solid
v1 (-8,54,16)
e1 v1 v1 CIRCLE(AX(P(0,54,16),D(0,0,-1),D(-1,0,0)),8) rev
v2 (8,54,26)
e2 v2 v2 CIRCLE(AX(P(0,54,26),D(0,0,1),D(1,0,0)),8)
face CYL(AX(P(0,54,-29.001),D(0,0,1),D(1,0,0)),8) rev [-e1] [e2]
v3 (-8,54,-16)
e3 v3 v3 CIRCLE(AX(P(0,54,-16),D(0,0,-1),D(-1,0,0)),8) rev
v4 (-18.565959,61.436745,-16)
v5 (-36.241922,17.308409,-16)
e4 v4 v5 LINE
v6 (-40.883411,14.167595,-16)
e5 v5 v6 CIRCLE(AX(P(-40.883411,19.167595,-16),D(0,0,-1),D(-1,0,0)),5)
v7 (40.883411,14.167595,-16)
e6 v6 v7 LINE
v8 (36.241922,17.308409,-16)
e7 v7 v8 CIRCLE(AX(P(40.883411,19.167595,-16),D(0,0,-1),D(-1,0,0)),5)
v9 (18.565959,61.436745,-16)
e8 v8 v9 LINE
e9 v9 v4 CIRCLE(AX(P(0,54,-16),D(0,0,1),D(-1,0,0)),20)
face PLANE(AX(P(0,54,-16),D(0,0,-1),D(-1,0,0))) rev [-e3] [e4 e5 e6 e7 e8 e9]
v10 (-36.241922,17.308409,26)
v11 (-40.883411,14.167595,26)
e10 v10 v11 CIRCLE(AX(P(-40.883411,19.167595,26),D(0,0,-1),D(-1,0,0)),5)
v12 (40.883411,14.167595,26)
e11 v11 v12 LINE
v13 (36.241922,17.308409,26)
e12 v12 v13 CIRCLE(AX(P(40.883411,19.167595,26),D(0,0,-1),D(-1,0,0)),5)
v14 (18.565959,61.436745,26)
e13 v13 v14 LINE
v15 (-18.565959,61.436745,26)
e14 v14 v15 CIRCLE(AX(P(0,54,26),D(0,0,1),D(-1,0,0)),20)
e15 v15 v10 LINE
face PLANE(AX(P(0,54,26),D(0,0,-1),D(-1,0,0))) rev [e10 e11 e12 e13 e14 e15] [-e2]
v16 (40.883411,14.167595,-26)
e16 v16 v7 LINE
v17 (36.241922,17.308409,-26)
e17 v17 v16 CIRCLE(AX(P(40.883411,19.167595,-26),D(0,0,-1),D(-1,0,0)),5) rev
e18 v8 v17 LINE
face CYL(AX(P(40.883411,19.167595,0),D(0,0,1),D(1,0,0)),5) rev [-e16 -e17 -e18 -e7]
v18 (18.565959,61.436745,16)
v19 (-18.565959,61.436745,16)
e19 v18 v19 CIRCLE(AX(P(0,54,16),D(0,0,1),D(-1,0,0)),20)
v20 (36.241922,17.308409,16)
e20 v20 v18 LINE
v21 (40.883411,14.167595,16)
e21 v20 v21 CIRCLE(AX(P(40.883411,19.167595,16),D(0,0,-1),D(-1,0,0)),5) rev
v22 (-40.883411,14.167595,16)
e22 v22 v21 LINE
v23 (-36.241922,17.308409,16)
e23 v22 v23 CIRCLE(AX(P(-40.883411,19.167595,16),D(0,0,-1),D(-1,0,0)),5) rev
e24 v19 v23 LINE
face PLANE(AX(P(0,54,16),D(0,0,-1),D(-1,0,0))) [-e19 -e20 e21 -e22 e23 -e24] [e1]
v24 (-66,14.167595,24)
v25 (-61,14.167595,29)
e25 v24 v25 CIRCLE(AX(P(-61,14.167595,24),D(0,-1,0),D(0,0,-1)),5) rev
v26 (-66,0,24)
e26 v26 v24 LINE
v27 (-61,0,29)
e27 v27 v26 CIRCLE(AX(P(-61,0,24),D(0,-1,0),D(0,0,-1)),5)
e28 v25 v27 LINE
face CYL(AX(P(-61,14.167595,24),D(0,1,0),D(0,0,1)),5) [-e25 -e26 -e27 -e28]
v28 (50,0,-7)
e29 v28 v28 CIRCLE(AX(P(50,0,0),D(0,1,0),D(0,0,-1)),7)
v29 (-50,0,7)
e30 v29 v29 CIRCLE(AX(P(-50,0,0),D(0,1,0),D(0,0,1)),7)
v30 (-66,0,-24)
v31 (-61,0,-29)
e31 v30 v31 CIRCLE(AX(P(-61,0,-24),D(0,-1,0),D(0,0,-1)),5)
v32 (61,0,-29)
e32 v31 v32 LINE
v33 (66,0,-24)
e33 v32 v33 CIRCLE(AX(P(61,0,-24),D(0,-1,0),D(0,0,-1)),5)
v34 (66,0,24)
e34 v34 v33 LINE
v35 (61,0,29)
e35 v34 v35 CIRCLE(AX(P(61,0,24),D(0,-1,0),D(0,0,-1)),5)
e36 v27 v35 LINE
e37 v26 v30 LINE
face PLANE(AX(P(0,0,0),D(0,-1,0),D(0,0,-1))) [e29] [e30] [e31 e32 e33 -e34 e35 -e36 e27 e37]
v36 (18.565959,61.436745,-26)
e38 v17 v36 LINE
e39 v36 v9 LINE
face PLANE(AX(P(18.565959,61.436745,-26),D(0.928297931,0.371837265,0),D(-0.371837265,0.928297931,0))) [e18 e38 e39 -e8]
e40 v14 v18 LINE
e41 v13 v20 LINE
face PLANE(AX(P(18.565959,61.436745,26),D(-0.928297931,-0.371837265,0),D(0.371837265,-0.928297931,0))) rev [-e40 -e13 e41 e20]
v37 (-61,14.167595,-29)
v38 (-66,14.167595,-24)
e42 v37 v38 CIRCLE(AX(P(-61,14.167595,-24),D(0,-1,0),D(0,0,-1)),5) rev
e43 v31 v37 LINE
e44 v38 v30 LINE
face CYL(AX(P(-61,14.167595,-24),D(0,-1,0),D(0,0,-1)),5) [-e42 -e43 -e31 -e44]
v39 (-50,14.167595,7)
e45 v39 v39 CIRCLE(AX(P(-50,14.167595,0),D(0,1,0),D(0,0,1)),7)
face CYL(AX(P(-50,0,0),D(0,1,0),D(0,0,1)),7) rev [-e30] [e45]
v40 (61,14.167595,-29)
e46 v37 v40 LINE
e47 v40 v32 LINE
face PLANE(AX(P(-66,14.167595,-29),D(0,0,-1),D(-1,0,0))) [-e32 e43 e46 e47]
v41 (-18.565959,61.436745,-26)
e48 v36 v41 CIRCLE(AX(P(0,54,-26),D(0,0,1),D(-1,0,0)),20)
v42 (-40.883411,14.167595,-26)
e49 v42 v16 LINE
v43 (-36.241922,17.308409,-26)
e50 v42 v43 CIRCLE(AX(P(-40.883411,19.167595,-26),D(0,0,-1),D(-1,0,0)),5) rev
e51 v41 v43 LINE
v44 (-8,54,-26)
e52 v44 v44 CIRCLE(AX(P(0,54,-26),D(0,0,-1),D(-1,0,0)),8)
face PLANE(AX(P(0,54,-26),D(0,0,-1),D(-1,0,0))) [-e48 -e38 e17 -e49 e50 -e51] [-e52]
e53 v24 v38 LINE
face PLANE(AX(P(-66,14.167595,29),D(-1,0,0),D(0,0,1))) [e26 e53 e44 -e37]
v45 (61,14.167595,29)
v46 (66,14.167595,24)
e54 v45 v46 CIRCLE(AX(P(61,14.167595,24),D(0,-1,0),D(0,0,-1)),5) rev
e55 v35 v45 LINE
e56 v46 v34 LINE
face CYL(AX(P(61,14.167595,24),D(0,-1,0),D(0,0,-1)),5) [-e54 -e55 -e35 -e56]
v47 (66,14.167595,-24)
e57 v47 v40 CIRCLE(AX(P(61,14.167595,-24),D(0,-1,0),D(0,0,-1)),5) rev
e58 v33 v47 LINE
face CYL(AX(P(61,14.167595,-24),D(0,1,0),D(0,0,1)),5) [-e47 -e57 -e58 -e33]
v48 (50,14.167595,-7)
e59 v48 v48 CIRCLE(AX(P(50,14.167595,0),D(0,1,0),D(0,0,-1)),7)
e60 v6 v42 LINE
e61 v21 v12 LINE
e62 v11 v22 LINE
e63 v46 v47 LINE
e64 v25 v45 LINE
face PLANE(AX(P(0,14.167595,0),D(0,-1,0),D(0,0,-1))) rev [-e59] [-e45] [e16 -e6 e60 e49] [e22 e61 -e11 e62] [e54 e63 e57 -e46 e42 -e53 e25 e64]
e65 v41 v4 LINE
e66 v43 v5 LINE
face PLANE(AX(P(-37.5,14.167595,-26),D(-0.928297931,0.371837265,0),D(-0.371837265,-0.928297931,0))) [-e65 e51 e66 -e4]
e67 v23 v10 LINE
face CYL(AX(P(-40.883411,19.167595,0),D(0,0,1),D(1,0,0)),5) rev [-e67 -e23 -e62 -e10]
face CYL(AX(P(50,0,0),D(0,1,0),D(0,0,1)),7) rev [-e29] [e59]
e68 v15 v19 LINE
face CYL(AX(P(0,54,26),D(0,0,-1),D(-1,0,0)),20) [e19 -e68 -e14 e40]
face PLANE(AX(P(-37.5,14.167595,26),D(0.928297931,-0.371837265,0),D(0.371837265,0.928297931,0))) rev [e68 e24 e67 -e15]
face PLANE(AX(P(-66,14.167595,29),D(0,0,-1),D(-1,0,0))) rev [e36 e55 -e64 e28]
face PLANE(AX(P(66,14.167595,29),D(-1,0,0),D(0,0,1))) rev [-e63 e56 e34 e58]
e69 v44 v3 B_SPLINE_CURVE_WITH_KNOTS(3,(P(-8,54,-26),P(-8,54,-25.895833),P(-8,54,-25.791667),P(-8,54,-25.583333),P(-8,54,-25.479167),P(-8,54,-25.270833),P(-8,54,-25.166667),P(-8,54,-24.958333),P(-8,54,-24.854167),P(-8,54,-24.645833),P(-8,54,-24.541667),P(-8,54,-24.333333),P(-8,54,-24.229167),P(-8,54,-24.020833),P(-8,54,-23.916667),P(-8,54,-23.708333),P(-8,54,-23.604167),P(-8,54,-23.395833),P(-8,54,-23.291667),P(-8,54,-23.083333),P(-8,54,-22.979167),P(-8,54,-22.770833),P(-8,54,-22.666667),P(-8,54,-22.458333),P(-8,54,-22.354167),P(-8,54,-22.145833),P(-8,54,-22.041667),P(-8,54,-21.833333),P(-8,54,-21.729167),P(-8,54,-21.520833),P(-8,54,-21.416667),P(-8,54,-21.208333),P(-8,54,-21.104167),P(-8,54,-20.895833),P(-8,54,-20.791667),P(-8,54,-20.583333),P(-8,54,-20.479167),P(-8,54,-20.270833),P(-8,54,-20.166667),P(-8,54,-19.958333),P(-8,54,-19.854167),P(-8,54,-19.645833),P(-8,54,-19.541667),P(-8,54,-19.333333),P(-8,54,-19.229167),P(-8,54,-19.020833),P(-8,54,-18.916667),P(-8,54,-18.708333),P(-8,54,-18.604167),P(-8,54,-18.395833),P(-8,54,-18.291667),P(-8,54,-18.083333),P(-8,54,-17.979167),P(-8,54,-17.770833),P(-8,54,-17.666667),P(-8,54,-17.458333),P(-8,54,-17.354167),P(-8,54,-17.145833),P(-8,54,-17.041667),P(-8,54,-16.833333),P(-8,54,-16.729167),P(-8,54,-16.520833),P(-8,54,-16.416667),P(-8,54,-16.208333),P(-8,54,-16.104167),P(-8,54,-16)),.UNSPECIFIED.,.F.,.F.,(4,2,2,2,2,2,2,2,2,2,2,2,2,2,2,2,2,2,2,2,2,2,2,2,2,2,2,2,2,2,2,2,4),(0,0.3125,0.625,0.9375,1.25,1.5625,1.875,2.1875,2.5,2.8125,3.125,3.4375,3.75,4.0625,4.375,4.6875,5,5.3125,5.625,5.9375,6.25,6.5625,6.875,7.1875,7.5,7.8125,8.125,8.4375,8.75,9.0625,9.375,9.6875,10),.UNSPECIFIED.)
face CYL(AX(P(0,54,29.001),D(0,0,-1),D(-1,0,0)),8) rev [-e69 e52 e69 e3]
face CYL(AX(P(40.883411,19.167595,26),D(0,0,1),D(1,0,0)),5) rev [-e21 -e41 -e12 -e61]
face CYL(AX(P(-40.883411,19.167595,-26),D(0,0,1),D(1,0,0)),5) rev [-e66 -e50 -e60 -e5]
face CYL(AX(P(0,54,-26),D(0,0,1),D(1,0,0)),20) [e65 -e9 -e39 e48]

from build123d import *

# Parameters (mm, degrees)
SKETCH1_W           = 132
SKETCH1_H           = 58
BOSS_EXTRUDE1_DEPTH = 14.167595312
SKETCH2_R           = 7
CUT_EXTRUDE1_DEPTH  = 74.469182362
BOSS_EXTRUDE2_START = 16
BOSS_EXTRUDE2_DEPTH = 10
CUT_EXTRUDE2_REACH  = 115.389
SKETCH4_R           = 8
BOSS_EXTRUDE3_START = -26
BOSS_EXTRUDE3_DEPTH = 10
CUT_EXTRUDE3_REACH  = 115.389
SKETCH5_R           = 8
FILLET1_R           = 5


with BuildPart() as part:
    # Sketch1 → Boss-Extrude1 (new body)
    with BuildSketch(Plane(origin=(0, 0, 0), x_dir=(1, 0, 0), z_dir=(0, 1, 0))):
        Rectangle(SKETCH1_W, SKETCH1_H)
    extrude(amount=BOSS_EXTRUDE1_DEPTH)

    # Sketch2 → Cut-Extrude1 (cut, through all)
    with BuildSketch(Plane(origin=(0, 14.167595312, 0), x_dir=(1, 0, 0), z_dir=(0, 1, 0))):
        with Locations((-50, 0)):
            Circle(SKETCH2_R)
        with Locations((50, 0)):
            Circle(SKETCH2_R)
    extrude(amount=-CUT_EXTRUDE1_DEPTH, mode=Mode.SUBTRACT)

    # Sketch3 → Boss-Extrude2 (add)
    with BuildSketch(Plane.XY.offset(BOSS_EXTRUDE2_START)):
        with BuildLine():
            Line((37.5, 14.167595312), (-37.5, 14.167595312))
            Line((-37.5, 14.167595312), (-18.565958618, 61.436745296))
            ThreePointArc((-18.565958618, 61.436745296), (0, 74), (18.565958618, 61.436745296))
            Line((18.565958618, 61.436745296), (37.5, 14.167595312))
        make_face()
    extrude(amount=BOSS_EXTRUDE2_DEPTH)

    # Sketch4 → Cut-Extrude2 (cut, up to next)
    with BuildSketch(Plane.XY.offset(26), mode=Mode.PRIVATE) as cut_extrude2_sk1:
        with Locations((0, 54)):
            Circle(SKETCH4_R)
    cut_extrude2_tool1 = extrude(cut_extrude2_sk1.sketch, amount=-CUT_EXTRUDE2_REACH, mode=Mode.PRIVATE) & part.part
    add(cut_extrude2_tool1.solids().sort_by_distance((0, 54, 26))[0], mode=Mode.SUBTRACT)

    # Sketch3<2> → Boss-Extrude3 (add)
    with BuildSketch(Plane.XY.offset(BOSS_EXTRUDE3_START)):
        with BuildLine():
            Line((37.5, 14.167595312), (-37.5, 14.167595312))
            Line((-37.5, 14.167595312), (-18.565958618, 61.436745296))
            ThreePointArc((-18.565958618, 61.436745296), (0, 74), (18.565958618, 61.436745296))
            Line((18.565958618, 61.436745296), (37.5, 14.167595312))
        make_face()
    extrude(amount=BOSS_EXTRUDE3_DEPTH)

    # Sketch5 → Cut-Extrude3 (cut, up to next)
    with BuildSketch(Plane(origin=(0, 0, -26), x_dir=(-1, 0, 0), z_dir=(0, 0, -1)), mode=Mode.PRIVATE) as cut_extrude3_sk1:
        with Locations((0, 54)):
            Circle(SKETCH5_R)
    cut_extrude3_tool1 = extrude(cut_extrude3_sk1.sketch, amount=-CUT_EXTRUDE3_REACH, mode=Mode.PRIVATE) & part.part
    add(cut_extrude3_tool1.solids().sort_by_distance((0, 54, -26))[0], mode=Mode.SUBTRACT)

    # Fillet1
    fillet1_edges = [part.edges().sort_by_distance(p)[0] for p in [
        (-37.5, 14.167595312, -21),
        (37.5, 14.167595312, -21),
        (37.5, 14.167595312, 21),
        (-37.5, 14.167595312, 21),
        (-66, 7.083797656, -29),
        (66, 7.083797656, -29),
        (-66, 7.083797656, 29),
        (66, 7.083797656, 29),
    ]]
    fillet(fillet1_edges, radius=FILLET1_R)


solid = part.part
